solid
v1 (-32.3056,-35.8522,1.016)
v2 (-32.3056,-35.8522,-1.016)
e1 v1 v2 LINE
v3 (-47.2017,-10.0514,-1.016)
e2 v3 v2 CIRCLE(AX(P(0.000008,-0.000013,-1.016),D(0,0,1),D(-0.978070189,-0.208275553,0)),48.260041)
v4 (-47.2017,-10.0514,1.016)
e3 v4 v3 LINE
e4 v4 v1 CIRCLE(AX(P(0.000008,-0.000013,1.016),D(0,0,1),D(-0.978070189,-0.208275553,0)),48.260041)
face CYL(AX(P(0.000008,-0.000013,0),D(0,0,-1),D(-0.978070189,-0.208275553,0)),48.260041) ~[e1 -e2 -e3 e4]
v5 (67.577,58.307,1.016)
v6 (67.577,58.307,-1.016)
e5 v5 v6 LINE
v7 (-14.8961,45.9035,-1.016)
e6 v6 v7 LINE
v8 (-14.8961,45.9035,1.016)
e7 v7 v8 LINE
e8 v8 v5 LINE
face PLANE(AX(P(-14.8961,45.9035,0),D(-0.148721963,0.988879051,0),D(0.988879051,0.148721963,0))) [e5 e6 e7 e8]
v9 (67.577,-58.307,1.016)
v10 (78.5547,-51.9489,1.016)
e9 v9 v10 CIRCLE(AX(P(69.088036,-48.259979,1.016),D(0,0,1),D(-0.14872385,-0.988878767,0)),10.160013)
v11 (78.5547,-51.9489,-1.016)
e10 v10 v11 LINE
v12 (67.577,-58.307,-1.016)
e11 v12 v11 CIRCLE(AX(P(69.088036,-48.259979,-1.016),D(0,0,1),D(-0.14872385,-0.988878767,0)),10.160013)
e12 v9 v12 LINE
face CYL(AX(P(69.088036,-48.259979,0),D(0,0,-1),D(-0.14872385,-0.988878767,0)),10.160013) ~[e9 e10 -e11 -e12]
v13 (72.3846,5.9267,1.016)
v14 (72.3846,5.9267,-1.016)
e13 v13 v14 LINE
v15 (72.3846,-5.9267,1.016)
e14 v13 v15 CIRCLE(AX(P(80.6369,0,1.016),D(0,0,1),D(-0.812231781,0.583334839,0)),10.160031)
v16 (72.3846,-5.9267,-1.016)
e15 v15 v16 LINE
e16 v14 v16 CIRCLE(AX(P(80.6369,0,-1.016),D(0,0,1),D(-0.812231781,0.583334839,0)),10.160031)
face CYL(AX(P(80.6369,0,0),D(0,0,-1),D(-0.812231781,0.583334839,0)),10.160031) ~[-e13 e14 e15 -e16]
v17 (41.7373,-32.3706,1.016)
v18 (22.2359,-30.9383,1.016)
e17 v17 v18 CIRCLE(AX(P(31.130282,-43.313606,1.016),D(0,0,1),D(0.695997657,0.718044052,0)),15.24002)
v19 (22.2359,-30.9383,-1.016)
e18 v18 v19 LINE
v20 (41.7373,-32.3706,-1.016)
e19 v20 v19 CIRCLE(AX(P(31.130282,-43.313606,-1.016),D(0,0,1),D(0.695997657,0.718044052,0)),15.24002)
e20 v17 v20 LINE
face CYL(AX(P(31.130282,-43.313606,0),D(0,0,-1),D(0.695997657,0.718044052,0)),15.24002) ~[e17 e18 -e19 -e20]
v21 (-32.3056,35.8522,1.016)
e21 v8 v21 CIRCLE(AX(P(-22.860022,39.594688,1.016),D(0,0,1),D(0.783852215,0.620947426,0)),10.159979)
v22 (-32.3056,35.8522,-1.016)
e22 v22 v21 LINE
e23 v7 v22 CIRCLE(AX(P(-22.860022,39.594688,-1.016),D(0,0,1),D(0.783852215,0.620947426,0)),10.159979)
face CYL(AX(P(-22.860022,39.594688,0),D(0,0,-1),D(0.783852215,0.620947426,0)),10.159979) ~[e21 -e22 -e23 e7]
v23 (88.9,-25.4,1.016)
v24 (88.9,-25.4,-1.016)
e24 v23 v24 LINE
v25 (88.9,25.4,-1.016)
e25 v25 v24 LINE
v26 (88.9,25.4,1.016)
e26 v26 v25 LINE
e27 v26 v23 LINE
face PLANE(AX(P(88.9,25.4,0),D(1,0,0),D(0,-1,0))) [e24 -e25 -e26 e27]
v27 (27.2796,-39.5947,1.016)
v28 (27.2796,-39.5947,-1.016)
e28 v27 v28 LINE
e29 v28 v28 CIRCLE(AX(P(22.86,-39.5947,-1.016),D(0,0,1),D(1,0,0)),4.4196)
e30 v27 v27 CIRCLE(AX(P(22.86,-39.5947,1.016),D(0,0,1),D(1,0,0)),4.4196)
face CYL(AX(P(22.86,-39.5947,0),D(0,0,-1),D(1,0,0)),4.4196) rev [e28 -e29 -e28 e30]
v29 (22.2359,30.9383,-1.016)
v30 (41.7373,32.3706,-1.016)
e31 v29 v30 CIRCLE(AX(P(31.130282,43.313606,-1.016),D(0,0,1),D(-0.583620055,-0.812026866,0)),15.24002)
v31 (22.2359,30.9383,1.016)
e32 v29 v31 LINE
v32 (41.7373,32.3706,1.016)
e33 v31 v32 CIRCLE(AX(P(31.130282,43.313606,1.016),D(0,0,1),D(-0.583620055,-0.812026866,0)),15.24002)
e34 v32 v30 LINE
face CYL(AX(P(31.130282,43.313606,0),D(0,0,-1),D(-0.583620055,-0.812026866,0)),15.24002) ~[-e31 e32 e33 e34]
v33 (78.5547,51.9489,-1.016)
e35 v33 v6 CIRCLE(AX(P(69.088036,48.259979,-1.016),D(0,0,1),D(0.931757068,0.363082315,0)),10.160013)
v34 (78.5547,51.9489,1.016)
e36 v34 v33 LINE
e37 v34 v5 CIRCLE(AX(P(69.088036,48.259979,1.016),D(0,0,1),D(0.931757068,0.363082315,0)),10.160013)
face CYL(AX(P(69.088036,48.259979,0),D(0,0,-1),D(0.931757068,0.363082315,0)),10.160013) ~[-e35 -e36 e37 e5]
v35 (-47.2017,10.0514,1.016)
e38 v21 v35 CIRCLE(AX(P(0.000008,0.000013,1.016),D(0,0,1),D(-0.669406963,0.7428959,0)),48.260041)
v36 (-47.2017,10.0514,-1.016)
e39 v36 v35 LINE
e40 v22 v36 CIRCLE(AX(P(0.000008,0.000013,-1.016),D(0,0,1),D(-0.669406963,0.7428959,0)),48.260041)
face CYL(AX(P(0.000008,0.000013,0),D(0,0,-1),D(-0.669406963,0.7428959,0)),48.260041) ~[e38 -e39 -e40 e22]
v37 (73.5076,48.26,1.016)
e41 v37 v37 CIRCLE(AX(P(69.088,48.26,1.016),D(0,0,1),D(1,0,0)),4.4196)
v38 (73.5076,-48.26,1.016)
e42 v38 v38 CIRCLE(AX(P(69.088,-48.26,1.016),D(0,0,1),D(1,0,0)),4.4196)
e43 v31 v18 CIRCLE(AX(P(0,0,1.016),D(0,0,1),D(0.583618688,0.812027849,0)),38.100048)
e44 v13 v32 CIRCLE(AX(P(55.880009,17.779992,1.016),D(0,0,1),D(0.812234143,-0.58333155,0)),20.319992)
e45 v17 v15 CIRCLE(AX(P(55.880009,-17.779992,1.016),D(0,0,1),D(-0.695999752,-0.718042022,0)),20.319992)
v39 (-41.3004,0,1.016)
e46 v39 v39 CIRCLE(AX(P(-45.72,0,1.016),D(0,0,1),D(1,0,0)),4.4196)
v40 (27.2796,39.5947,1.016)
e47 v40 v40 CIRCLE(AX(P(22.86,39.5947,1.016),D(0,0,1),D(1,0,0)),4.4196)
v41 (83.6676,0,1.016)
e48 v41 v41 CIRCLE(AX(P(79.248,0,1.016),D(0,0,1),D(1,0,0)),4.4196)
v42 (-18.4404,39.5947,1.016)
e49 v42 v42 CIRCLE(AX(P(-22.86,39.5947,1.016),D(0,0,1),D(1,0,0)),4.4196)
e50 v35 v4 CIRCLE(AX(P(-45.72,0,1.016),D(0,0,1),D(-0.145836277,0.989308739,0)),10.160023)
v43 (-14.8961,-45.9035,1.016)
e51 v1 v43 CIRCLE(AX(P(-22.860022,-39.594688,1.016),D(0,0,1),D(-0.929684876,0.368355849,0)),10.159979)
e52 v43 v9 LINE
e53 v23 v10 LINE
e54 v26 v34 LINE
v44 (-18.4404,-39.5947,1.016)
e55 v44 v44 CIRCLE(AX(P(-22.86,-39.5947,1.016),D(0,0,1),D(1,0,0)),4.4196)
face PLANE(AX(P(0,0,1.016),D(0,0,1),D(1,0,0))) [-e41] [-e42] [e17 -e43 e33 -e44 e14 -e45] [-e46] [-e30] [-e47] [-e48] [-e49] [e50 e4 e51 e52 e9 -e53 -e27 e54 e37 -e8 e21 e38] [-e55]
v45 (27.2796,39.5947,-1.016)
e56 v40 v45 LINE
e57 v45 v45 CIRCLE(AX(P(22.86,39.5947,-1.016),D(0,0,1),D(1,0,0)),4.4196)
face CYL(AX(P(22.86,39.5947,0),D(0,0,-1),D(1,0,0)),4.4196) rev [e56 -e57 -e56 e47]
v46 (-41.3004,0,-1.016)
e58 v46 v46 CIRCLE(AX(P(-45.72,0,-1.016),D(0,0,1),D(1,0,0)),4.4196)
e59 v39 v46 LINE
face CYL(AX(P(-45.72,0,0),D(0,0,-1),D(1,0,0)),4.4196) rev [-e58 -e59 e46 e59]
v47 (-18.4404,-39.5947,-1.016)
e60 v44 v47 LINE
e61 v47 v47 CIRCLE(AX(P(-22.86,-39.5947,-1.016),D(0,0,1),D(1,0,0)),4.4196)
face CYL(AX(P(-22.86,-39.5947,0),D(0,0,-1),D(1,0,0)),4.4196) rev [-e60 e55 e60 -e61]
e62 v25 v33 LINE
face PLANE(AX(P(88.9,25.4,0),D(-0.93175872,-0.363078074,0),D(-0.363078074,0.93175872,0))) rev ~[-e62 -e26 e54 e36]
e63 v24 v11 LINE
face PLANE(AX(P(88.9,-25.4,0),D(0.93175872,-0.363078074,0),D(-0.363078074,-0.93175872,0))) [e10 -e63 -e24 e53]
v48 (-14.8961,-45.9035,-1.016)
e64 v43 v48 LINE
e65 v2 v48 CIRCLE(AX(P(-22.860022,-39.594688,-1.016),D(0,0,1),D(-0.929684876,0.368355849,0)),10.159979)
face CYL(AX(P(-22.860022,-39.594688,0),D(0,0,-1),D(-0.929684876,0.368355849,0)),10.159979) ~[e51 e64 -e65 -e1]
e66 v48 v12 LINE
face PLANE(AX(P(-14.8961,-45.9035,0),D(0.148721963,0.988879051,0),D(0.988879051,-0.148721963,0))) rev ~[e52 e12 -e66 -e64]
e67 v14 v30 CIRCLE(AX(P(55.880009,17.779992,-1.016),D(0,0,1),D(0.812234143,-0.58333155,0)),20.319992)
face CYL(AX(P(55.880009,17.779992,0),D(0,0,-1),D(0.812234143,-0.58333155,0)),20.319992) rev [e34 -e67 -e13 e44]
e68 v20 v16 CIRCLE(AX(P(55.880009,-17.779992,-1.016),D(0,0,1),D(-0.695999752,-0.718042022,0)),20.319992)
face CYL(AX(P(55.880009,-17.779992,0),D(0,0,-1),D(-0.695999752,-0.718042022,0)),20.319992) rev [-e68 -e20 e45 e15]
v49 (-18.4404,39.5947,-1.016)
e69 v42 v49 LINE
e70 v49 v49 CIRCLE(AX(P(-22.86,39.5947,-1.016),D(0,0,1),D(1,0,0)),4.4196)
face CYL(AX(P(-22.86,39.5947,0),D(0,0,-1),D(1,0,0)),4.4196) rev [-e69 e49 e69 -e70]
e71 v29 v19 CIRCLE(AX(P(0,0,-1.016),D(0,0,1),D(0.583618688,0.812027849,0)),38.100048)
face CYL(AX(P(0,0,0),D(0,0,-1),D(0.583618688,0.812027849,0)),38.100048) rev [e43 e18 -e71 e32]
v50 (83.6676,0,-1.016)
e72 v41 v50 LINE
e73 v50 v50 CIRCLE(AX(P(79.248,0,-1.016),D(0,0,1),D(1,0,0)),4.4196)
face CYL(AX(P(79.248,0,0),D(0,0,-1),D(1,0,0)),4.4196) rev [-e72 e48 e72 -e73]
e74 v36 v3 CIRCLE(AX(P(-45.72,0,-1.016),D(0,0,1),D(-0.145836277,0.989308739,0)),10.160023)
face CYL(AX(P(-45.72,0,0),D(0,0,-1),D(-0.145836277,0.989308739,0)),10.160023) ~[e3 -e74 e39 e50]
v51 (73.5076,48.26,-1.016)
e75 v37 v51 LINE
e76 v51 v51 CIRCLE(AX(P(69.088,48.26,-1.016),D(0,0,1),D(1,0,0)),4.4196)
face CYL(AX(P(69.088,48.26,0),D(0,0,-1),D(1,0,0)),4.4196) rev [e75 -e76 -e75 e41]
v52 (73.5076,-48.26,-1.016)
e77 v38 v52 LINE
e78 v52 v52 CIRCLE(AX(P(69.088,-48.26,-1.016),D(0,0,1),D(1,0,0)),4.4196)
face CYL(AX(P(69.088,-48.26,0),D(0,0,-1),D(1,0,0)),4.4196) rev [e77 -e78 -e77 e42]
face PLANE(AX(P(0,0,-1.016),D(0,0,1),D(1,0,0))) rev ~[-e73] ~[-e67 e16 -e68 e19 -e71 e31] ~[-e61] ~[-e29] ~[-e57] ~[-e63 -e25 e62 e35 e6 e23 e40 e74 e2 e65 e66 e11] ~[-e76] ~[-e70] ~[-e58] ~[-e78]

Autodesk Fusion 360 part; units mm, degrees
sketch "Sketch1" plane through (0, 0, 0) normal (0, 0, 1) x (1, 0, 0)
  circle A0 centre (0, 0) radius 45.72 construction
  circle A1 centre (22.86, 39.5947) radius 4.4196
  line L0 (0, 0) -> (0, 63.5) construction
  line L1 (22.86, 39.5947) -> (0, 0) construction
  line L2 (0, 0) -> (69.088, 0) construction
  circle A2 centre (-22.86, 39.5947) radius 4.4196
  circle A3 centre (-45.72, 0) radius 4.4196
  circle A4 centre (-22.86, -39.5947) radius 4.4196
  circle A5 centre (22.86, -39.5947) radius 4.4196
  arc A6 (-14.8961, 45.9035) -> (-32.3056, 35.8522) centre (-22.86, 39.5947) ccw
  arc A7 (-47.2017, 10.0514) -> (-47.2017, -10.0514) centre (-45.72, 0) ccw
  arc A8 (-32.3056, -35.8522) -> (-14.8961, -45.9035) centre (-22.86, -39.5947) ccw
  line L3 (55.88, 55.88) -> (55.88, -43.18) construction
  arc A9 (22.2359, 30.9383) -> (41.7373, 32.3706) centre (31.1302, 43.3136) ccw
  arc A10 (45.7196, 0.1826) -> (46.0426, 0) centre (55.88, 17.78) ccw
  arc A11 (72.3846, 5.9267) -> (41.7373, 32.3706) centre (55.88, 17.78) ccw
  circle A12 centre (69.088, 48.26) radius 4.4196
  line L4 (-14.8961, 45.9035) -> (67.577, 58.307)
  line L5 (88.9, 25.4) -> (88.9, -25.4)
  line L6 (88.9, 25.4) -> (78.5547, 51.9489)
  circle A13 centre (79.248, 0) radius 4.4196
  arc A14 (22.2359, 30.9383) -> (22.2359, -30.9383) centre (0, 0) ccw
  arc A15 (0.7353, 48.2544) -> (0, 48.26) centre (0, 0) ccw
  arc A16 (78.5547, 51.9489) -> (67.577, 58.307) centre (69.088, 48.26) ccw
  line L7 (-14.8961, -45.9035) -> (67.577, -58.307)
  arc A17 (67.577, -58.307) -> (78.5547, -51.9489) centre (69.088, -48.26) ccw
  line L8 (88.9, -25.4) -> (78.5547, -51.9489)
  arc A18 (41.7373, -32.3706) -> (72.3846, -5.9267) centre (55.88, -17.78) ccw
  arc A19 (41.7373, -32.3706) -> (22.2359, -30.9383) centre (31.1302, -43.3136) ccw
  arc A20 (-32.3056, 35.8522) -> (-47.2017, 10.0514) centre (0, 0) ccw
  arc A21 (-47.2017, -10.0514) -> (-32.3056, -35.8522) centre (0, 0) ccw
  circle A22 centre (69.088, -48.26) radius 4.4196
  arc A23 (72.3846, 5.9267) -> (72.3846, -5.9267) centre (80.6369, 0) ccw
  dimension "d2" = 91.44
  dimension "d3" = 76.2
  dimension "d4" = 8.8392
  dimension "d5" = 30
  dimension "d7" = 240
  dimension "d13" = 55.88
  dimension "d14" = 40.64
  dimension "d15" = 17.78
  dimension "d16" = 30.48
  dimension "d17" = 8.8392
  dimension "d18" = 48.26
  dimension "d19" = 69.088
  dimension "d20" = 20.32
  dimension "d21" = 134.62
  dimension "d22" = 25.4
  dimension "d23" = 8.8392
  dimension "d24" = 79.248
  dimension "d28" = 20.32
extrude "Extrude1" add sketch "Sketch1" along normal mid plane 2.032
